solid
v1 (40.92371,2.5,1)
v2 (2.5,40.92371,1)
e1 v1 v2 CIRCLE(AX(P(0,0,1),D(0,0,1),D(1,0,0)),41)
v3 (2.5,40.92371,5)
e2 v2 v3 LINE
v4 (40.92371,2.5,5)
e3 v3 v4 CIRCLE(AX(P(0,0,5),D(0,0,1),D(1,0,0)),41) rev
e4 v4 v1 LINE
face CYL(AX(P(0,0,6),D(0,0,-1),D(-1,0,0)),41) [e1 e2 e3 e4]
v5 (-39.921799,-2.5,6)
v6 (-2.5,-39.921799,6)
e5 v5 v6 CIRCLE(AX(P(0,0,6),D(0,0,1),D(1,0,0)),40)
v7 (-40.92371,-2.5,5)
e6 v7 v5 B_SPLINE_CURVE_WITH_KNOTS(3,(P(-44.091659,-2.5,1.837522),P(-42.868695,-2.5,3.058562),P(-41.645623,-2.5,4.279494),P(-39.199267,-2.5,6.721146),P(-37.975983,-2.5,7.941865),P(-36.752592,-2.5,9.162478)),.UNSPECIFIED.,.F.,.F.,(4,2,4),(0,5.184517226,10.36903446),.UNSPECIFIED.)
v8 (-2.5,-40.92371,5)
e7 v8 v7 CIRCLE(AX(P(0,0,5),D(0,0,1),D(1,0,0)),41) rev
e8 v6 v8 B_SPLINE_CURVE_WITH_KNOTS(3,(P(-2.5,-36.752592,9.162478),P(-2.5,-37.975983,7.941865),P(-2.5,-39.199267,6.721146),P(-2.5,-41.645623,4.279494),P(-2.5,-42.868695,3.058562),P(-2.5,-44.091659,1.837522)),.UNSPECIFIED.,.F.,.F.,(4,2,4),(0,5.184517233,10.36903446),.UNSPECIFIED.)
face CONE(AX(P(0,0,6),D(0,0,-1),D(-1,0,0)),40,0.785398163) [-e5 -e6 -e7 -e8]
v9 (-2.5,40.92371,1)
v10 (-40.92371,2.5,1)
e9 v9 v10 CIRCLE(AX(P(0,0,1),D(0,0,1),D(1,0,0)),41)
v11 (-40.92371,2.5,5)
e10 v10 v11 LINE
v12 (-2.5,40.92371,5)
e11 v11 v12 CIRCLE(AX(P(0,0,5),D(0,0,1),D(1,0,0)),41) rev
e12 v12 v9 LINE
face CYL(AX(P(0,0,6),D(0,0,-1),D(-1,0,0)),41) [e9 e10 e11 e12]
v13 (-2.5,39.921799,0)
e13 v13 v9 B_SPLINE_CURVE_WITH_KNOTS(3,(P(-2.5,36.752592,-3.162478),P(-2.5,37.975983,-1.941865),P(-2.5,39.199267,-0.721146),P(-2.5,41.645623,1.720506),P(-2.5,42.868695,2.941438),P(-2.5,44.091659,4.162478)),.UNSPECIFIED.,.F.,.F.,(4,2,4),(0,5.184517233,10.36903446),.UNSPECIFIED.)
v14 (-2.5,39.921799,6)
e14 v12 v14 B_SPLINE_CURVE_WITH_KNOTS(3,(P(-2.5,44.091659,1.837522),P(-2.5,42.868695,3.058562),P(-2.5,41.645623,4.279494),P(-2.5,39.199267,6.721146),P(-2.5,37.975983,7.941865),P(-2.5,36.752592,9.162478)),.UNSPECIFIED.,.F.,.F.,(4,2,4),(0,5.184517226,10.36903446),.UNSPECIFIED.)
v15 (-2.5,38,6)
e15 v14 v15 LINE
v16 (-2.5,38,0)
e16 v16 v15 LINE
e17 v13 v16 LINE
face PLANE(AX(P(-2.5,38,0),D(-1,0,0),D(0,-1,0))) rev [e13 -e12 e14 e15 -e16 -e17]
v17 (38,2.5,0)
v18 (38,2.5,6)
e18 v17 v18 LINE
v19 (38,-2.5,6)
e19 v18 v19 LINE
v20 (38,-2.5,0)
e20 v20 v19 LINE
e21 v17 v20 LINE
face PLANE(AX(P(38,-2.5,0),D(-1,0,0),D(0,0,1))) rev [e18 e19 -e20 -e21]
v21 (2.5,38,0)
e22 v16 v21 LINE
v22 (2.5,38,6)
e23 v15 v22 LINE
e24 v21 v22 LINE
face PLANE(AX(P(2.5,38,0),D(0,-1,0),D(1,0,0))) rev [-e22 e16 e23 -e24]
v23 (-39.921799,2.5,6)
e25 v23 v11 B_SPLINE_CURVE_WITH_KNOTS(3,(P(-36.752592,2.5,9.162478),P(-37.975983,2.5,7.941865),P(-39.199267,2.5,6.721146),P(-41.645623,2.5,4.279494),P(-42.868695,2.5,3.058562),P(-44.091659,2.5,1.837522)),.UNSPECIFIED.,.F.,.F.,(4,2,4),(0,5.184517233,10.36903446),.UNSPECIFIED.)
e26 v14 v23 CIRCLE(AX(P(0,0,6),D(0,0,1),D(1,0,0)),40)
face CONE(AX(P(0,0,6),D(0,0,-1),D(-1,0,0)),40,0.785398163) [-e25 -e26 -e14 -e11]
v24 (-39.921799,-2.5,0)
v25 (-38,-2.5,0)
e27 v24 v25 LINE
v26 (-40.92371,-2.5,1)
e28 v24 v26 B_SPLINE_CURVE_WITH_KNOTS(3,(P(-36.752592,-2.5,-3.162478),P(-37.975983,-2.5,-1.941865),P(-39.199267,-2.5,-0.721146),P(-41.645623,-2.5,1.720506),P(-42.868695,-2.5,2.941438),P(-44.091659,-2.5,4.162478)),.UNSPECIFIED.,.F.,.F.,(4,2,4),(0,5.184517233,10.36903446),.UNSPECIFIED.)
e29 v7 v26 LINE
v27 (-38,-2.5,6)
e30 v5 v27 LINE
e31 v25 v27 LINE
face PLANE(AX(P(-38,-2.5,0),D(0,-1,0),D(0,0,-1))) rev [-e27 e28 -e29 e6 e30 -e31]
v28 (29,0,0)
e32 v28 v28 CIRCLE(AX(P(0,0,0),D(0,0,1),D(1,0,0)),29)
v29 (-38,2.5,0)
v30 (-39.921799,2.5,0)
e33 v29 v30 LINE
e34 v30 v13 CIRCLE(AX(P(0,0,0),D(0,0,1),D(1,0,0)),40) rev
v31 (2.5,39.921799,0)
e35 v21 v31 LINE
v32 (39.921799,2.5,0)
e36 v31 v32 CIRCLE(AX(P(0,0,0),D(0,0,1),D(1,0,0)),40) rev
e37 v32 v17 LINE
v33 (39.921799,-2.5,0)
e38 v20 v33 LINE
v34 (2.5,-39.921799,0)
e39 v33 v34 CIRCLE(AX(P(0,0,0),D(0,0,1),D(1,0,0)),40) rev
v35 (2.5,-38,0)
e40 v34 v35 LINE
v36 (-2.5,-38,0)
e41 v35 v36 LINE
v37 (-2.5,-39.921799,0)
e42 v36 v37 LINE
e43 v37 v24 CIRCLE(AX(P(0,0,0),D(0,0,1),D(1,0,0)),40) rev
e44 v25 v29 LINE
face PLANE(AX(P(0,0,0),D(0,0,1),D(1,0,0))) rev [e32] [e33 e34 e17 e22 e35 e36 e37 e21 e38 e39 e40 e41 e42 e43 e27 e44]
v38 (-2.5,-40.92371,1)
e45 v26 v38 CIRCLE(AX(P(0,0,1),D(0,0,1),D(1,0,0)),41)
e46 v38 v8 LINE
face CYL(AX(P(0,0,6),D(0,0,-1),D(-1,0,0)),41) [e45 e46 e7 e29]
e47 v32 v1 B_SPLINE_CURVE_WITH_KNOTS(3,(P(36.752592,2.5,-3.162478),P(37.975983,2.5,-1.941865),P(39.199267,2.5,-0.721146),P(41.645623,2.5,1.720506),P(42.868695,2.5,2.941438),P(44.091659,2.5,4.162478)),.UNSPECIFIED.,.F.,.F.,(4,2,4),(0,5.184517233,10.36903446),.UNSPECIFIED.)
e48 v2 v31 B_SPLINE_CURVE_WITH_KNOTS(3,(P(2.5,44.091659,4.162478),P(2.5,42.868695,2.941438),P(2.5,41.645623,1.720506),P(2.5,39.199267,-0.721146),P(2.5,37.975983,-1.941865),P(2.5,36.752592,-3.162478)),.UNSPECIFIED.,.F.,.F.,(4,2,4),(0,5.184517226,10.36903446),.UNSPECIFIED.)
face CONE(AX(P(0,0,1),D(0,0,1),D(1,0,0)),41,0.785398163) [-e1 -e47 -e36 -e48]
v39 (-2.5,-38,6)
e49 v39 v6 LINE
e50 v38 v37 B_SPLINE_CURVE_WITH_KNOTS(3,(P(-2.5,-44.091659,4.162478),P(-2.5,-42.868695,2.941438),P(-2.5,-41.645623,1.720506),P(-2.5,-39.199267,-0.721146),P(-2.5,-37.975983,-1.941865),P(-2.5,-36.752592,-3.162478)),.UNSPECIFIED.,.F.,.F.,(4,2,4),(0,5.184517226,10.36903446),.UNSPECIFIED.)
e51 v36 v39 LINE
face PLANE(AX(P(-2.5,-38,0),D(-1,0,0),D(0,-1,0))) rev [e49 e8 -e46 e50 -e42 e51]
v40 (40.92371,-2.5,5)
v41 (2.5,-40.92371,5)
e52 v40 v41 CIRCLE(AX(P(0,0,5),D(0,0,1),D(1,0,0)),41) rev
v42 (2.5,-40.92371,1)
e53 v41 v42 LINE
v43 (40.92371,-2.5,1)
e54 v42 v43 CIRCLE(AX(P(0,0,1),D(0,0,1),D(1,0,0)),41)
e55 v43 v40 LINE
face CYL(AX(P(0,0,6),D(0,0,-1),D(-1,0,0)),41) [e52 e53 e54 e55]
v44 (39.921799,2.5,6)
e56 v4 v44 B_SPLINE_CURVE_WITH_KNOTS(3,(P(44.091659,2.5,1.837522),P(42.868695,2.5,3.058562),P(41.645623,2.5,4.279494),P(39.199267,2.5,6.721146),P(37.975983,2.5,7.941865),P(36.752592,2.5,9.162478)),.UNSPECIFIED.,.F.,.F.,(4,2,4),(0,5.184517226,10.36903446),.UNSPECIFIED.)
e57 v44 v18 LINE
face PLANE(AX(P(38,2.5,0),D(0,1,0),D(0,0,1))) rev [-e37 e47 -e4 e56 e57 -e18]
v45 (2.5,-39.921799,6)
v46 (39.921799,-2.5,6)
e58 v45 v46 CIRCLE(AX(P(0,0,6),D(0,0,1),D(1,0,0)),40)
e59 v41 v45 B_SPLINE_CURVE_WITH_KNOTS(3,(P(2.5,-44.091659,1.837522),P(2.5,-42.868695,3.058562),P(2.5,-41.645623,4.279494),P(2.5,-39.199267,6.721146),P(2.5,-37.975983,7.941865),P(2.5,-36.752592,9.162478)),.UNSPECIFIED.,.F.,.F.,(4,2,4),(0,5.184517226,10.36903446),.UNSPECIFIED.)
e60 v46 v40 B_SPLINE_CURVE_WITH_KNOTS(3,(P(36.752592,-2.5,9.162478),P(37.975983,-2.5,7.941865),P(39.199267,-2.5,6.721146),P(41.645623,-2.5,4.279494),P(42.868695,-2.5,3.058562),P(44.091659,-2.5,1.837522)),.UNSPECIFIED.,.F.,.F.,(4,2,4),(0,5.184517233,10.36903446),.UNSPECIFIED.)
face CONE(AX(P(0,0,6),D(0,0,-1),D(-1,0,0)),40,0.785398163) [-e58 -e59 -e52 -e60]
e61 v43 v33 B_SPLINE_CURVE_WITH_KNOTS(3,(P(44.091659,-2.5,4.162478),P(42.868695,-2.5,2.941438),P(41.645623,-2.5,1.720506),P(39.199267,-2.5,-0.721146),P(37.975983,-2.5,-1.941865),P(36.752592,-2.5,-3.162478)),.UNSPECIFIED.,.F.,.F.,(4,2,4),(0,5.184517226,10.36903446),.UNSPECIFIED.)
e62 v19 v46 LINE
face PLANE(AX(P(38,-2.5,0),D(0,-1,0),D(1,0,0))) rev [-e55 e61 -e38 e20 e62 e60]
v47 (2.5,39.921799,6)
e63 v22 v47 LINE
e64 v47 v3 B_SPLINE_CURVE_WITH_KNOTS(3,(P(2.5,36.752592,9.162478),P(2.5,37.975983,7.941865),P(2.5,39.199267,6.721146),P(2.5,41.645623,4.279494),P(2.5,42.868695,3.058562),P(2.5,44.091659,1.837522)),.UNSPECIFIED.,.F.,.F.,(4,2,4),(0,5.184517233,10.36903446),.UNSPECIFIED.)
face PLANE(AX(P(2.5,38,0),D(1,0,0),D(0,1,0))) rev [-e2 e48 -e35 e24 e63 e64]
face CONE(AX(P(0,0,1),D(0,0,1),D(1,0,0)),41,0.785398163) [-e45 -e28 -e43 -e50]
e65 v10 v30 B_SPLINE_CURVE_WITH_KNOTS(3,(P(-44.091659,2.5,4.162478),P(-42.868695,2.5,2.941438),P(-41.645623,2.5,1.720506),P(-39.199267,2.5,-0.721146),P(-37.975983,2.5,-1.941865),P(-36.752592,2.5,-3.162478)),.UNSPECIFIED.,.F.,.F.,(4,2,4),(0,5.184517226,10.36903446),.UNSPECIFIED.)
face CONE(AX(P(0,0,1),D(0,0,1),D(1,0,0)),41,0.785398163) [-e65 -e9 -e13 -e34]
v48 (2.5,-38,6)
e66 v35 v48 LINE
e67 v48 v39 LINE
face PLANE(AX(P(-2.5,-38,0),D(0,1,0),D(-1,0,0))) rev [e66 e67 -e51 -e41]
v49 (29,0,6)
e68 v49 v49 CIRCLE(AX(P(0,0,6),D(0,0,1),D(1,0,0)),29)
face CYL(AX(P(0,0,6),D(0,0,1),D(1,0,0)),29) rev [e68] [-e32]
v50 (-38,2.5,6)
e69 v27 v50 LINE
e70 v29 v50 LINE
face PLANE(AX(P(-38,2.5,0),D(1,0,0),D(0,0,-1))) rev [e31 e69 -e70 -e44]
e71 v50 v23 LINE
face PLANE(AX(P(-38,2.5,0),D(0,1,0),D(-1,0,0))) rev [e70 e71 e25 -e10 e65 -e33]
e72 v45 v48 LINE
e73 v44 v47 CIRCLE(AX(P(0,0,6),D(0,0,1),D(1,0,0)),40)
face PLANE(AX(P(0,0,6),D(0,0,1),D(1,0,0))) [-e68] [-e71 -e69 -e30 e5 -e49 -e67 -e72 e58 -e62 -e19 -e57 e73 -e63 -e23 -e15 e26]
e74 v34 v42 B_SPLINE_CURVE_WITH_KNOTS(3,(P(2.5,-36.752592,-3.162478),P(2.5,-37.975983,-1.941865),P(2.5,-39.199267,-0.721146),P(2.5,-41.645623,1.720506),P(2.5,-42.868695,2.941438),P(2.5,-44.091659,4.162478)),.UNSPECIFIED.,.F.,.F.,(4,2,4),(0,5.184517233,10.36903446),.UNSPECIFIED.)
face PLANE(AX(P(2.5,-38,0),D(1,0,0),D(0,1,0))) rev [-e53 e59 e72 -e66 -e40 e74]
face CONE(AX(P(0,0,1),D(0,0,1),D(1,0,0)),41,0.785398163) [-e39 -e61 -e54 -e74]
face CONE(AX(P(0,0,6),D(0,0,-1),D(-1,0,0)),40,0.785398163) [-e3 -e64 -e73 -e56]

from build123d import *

# Parameters (mm, degrees)
SKETCH_1_R               = 41
EXTRUDE_1_DEPTH          = 6
HOLE_WIZARD_M64_1_D      = 58
CHAMFER_1_SIZE           = 1
SKETCH_5_W               = 3
SKETCH_5_H               = 5
CUT_EXTRUDE_1_DEPTH      = 59.292366567
PATTERN_CIRCULAR_1_COUNT = 4


with BuildPart() as part:
    # 草图1 → 凸台-拉伸1 (new body)
    with BuildSketch(Plane.XY):
        Circle(SKETCH_1_R)
    extrude(amount=EXTRUDE_1_DEPTH)

    # M64 螺纹孔1 (through all)
    with Locations(Plane.XY.offset(6)):
        with Locations((0, 0)):
            Hole(HOLE_WIZARD_M64_1_D / 2)

    # 倒角1
    chamfer_1_edges = [part.edges().sort_by_distance(p)[0] for p in [
        (-41, 0, 0),
        (-41, 0, 6),
    ]]
    chamfer(chamfer_1_edges, length=CHAMFER_1_SIZE)

    # 草图5 → 切除-拉伸1 (cut, through all)
    with BuildSketch(Plane.XY.offset(6)):
        with Locations((39.5, 0)):
            Rectangle(SKETCH_5_W, SKETCH_5_H)
    cut_extrude_1 = extrude(amount=-CUT_EXTRUDE_1_DEPTH, mode=Mode.SUBTRACT)

    # 阵列(圆周)1: 切除-拉伸1 ×4 about axis
    pattern_circular_1_axis = Axis((0, 0, 0), (0, 0, 1))
    for i in range(1, PATTERN_CIRCULAR_1_COUNT):
        add(cut_extrude_1.rotate(pattern_circular_1_axis, i * 360 / PATTERN_CIRCULAR_1_COUNT), mode=Mode.SUBTRACT)


solid = part.part
